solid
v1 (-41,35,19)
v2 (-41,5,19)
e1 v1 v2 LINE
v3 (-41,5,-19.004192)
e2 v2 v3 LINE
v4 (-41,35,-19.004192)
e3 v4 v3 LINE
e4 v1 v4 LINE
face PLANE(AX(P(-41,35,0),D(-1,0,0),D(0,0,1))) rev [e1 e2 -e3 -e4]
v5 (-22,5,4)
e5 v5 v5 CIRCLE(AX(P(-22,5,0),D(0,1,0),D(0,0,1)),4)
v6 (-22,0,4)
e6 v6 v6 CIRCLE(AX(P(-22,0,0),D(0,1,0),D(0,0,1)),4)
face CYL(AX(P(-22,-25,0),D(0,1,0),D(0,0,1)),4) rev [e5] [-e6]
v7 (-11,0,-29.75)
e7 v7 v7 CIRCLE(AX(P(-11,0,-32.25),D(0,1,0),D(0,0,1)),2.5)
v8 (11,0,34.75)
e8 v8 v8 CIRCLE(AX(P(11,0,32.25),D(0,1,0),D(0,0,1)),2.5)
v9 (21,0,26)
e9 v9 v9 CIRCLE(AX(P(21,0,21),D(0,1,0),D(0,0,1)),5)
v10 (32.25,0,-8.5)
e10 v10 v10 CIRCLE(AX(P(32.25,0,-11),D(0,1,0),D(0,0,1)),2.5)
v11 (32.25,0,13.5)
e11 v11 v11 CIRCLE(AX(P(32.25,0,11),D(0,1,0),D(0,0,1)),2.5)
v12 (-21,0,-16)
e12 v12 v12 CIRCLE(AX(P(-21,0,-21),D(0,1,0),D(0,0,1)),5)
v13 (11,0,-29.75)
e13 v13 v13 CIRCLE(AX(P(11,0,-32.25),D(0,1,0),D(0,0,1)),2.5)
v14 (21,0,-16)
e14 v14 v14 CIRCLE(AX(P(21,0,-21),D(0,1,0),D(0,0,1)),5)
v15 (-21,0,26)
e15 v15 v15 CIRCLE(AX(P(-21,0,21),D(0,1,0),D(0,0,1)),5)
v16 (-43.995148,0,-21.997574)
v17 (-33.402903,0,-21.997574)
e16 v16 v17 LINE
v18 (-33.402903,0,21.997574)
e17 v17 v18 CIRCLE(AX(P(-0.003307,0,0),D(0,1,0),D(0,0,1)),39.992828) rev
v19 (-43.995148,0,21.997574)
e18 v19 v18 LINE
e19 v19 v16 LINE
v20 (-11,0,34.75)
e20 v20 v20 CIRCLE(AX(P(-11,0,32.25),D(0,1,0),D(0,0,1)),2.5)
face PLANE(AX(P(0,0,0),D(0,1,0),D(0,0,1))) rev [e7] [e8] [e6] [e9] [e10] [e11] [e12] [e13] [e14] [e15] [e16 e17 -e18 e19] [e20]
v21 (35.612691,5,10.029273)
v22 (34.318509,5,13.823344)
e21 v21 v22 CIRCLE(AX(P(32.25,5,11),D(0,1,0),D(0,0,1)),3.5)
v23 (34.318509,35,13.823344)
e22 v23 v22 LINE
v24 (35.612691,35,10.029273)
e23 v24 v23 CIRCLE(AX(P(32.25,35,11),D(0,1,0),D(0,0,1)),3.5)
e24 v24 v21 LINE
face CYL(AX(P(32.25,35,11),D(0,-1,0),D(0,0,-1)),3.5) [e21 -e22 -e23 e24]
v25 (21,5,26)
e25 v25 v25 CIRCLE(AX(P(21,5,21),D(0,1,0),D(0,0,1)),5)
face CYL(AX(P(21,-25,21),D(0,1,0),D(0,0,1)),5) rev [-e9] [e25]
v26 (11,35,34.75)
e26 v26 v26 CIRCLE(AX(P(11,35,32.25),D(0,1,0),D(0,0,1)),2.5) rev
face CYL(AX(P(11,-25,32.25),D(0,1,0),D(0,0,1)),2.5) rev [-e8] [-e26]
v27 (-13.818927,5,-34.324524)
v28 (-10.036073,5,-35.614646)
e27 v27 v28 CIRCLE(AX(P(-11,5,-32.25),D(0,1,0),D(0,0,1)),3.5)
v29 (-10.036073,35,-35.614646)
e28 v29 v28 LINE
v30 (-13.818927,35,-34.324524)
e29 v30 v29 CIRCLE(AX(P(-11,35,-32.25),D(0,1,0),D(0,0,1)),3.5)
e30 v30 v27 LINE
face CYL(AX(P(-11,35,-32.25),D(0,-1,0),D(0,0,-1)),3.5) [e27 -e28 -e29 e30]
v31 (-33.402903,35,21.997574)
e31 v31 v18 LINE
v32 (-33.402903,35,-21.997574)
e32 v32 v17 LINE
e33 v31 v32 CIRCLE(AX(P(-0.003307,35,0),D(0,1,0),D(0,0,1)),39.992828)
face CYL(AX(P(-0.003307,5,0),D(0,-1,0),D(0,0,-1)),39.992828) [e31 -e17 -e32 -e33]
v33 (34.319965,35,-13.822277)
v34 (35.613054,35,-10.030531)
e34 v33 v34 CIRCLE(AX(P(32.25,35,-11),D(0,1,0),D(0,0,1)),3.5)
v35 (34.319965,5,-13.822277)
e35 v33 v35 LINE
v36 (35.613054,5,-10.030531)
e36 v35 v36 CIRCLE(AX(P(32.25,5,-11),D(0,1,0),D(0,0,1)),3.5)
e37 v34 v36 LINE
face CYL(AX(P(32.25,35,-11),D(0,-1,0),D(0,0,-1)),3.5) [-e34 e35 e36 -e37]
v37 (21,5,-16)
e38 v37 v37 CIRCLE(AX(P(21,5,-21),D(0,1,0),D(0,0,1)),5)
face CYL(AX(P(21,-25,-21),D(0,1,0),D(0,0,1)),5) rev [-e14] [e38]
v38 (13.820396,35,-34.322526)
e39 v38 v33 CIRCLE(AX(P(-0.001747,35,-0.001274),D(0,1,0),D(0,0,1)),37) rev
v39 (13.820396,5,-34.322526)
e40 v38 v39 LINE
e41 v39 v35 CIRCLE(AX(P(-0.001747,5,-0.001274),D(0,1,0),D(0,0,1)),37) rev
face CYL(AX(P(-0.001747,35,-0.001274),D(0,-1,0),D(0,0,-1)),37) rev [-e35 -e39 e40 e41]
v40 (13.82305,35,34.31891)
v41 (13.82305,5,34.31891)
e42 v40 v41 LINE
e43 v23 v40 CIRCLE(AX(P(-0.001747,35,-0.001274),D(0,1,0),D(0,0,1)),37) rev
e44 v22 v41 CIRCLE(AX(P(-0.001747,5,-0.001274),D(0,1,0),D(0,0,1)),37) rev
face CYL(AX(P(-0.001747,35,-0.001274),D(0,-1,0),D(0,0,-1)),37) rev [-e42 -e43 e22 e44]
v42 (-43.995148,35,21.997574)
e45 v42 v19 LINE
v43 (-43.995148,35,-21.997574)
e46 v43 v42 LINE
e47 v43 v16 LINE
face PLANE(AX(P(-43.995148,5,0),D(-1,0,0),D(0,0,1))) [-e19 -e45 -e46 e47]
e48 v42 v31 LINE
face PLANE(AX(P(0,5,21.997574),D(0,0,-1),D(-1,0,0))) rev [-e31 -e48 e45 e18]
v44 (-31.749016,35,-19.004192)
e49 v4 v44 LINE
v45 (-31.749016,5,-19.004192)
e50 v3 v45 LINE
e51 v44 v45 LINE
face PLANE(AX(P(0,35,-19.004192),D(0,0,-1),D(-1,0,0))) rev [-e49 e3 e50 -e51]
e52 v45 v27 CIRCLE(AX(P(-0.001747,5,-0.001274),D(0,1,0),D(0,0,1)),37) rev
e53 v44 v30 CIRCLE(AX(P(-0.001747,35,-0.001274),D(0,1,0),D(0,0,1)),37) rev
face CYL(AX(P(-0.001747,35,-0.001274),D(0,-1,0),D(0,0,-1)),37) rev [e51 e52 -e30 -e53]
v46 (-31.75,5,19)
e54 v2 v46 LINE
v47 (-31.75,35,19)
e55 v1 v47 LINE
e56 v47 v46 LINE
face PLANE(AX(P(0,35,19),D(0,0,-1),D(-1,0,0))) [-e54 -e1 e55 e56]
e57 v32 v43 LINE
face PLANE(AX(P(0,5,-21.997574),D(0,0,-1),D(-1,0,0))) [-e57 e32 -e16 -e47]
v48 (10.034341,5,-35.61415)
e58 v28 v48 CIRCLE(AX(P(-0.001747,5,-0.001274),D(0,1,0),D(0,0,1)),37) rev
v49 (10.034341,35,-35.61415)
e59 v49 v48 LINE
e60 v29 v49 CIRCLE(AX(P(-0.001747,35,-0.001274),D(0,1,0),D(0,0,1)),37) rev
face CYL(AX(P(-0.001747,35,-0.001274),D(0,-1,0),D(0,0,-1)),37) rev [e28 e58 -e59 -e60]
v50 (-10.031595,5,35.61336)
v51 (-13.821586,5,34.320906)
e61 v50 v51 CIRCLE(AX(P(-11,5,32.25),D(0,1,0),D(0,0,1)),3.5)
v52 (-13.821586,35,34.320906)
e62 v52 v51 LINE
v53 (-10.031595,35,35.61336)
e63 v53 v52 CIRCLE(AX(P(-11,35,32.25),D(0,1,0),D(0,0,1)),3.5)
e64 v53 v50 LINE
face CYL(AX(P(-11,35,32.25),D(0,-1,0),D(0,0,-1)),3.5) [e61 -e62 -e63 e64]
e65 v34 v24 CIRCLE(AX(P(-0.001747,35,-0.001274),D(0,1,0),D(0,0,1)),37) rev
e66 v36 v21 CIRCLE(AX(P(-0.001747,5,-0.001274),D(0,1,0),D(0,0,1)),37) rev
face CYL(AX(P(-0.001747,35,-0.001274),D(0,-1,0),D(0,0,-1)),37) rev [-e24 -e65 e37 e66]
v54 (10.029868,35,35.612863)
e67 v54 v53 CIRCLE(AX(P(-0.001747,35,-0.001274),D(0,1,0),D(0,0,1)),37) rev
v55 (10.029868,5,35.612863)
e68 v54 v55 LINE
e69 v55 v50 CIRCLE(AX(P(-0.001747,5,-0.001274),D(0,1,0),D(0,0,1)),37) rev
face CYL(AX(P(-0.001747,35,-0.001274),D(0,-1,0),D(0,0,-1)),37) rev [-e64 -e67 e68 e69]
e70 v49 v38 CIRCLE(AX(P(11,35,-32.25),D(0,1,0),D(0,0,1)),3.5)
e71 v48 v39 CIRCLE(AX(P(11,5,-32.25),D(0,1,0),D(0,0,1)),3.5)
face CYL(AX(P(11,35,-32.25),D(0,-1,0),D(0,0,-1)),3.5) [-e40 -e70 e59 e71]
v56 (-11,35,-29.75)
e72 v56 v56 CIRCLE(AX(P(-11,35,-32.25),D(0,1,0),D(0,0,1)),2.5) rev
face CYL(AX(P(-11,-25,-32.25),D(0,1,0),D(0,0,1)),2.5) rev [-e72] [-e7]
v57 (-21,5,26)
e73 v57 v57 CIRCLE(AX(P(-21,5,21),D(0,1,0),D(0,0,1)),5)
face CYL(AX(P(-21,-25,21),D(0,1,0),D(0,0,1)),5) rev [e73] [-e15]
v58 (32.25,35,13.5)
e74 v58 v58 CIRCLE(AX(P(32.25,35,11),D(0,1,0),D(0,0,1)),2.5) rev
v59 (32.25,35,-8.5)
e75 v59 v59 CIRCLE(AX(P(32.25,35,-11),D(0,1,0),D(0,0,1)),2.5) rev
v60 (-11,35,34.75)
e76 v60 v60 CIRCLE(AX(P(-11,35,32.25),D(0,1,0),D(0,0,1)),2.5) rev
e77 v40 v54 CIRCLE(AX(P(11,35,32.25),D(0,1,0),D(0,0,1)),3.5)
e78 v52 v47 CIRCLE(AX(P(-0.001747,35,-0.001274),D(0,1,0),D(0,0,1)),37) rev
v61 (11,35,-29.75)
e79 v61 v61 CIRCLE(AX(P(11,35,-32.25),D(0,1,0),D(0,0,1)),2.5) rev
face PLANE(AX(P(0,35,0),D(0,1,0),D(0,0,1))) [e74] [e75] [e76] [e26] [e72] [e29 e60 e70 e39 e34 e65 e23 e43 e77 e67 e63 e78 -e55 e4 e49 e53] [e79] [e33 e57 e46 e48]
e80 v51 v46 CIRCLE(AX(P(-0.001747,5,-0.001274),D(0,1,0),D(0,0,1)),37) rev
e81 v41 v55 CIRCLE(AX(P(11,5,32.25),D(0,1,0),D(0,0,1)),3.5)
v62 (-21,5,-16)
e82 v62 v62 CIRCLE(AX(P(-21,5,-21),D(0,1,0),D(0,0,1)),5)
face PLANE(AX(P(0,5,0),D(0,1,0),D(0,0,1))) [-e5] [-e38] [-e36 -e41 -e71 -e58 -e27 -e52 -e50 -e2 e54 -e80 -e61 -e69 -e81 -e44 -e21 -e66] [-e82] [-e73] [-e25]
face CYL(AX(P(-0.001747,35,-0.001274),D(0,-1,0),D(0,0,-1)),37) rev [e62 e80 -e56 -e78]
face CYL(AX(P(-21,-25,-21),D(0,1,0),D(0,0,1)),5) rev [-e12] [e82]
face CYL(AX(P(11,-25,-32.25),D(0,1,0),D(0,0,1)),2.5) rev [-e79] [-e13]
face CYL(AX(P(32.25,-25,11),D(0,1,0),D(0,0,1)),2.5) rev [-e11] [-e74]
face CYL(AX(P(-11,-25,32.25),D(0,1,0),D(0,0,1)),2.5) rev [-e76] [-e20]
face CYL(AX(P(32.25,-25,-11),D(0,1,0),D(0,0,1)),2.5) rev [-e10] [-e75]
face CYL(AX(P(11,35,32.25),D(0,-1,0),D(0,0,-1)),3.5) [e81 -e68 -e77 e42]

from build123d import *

# Parameters (mm, degrees)
BOSS_EXTRUDE5_DEPTH = 5
BOSS_EXTRUDE6_DEPTH = 30
SKETCH4_R           = 4
SKETCH4_R_2         = 5
CUT_EXTRUDE1_DEPTH  = 30
SKETCH5_R           = 2.5
CUT_EXTRUDE2_DEPTH  = 30
SKETCH6_R           = 2.5
BOSS_EXTRUDE8_DEPTH = 30


with BuildPart() as part:
    # Sketch1 → Boss-Extrude5 (new body)
    with BuildSketch(Plane(origin=(0, 0, 0), x_dir=(1, 0, 0), z_dir=(0, 1, 0))):
        with BuildLine():
            Line((-43.995148291, 21.997574146), (-43.995148291, 0))
            Line((-43.995148291, 0), (-43.995148291, -21.997574146))
            Line((-43.995148291, -21.997574146), (-33.402902563, -21.997574146))
            ThreePointArc((-33.402902563, -21.997574146), (39.989521092, 0), (-33.402902563, 21.997574146))
            Line((-33.402902563, 21.997574146), (-43.995148291, 21.997574146))
        make_face()
    extrude(amount=BOSS_EXTRUDE5_DEPTH)

    # Sketch3 → Boss-Extrude6 (add)
    with BuildSketch(Plane(origin=(0, 5, 0), x_dir=(1, 0, 0), z_dir=(0, 1, 0))):
        with BuildLine():
            Line((-43.995148291, -21.997574146), (-33.402902563, -21.997574146))
            ThreePointArc((-33.402902563, -21.997574146), (39.989521092, 0), (-33.402902563, 21.997574146))
            Line((-33.402902563, 21.997574146), (-43.995148291, 21.997574146))
            Line((-43.995148291, 21.997574146), (-43.995148291, -21.997574146))
        make_face()
        with BuildLine():
            Line((-41, 19.004191941), (-31.749015624, 19.004191941))
            ThreePointArc((-31.749015624, 19.004191941), (36.998253479, 0.000315282), (-31.75, -19))
            Line((-31.75, -19), (-41, -19))
            Line((-41, -19), (-41, 19.004191941))
        make_face(mode=Mode.SUBTRACT)
    extrude(amount=BOSS_EXTRUDE6_DEPTH)

    # Sketch4 → Cut-Extrude1 (cut)
    with BuildSketch(Plane(origin=(0, 5, 0), x_dir=(1, 0, 0), z_dir=(0, 1, 0))):
        with Locations(Location((-22, 0, 0), (0, 0, 270))):
            Circle(SKETCH4_R)
        with Locations(Location((-21, 21, 0), (0, 0, 270))):
            Circle(SKETCH4_R_2)
        with Locations(Location((21, 21, 0), (0, 0, 270))):
            Circle(SKETCH4_R_2)
        with Locations(Location((21, -21, 0), (0, 0, 270))):
            Circle(SKETCH4_R_2)
        with Locations(Location((-21, -21, 0), (0, 0, 270))):
            Circle(SKETCH4_R_2)
    extrude(amount=-CUT_EXTRUDE1_DEPTH, mode=Mode.SUBTRACT)

    # Sketch5 → Cut-Extrude2 (cut)
    with BuildSketch(Plane(origin=(0, 5, 0), x_dir=(1, 0, 0), z_dir=(0, 1, 0))):
        with Locations(Location((-11, 32.25, 0), (0, 0, 270))):
            Circle(SKETCH5_R)
        with Locations(Location((11, 32.25, 0), (0, 0, 270))):
            Circle(SKETCH5_R)
        with Locations(Location((32.25, -11, 0), (0, 0, 270))):
            Circle(SKETCH5_R)
        with Locations(Location((32.25, 11, 0), (0, 0, 270))):
            Circle(SKETCH5_R)
        with Locations(Location((11, -32.25, 0), (0, 0, 270))):
            Circle(SKETCH5_R)
        with Locations(Location((-11, -32.25, 0), (0, 0, 270))):
            Circle(SKETCH5_R)
    extrude(amount=-CUT_EXTRUDE2_DEPTH, mode=Mode.SUBTRACT)

    # Sketch6 → Boss-Extrude8 (add)
    # profile 1 of 6: a face of its own
    with BuildSketch(Plane(origin=(0, 5, 0), x_dir=(1, 0, 0), z_dir=(0, 1, 0))):
        with BuildLine():
            ThreePointArc((-13.818927057, 34.324524101), (-12.091731491, 28.92462448), (-7.5, 32.25))
            ThreePointArc((-7.5, 32.25), (-8.205027171, 34.356686233), (-10.036072506, 35.614646161))
            ThreePointArc((-10.036072506, 35.614646161), (-11.944932636, 35.020701186), (-13.818927057, 34.324524101))
        make_face()
        with Locations(Location((-11, 32.25, 0), (0, 0, 270))):
            Circle(SKETCH6_R, mode=Mode.SUBTRACT)
    # profile 2 of 6: a face of its own
    with BuildSketch(Plane(origin=(0, 5, 0), x_dir=(1, 0, 0), z_dir=(0, 1, 0))):
        with BuildLine():
            ThreePointArc((13.820396396, 34.322526036), (11.94483736, 35.019542221), (10.034341301, 35.614149711))
            ThreePointArc((10.034341301, 35.614149711), (8.894032936, 29.454485249), (14.5, 32.25))
            ThreePointArc((14.5, 32.25), (14.325762122, 33.340553212), (13.820396396, 34.322526036))
        make_face()
        with Locations(Location((11, 32.25, 0), (0, 0, 270))):
            Circle(SKETCH6_R, mode=Mode.SUBTRACT)
    # profile 3 of 6: a face of its own
    with BuildSketch(Plane(origin=(0, 5, 0), x_dir=(1, 0, 0), z_dir=(0, 1, 0))):
        with BuildLine():
            ThreePointArc((35.613053698, 10.030531162), (35.017865848, 11.943917844), (34.319964959, 13.822276575))
            ThreePointArc((34.319964959, 13.822276575), (28.937333966, 9.870290414), (35.613053698, 10.030531162))
        make_face()
        with Locations(Location((32.25, 11, 0), (0, 0, 270))):
            Circle(SKETCH6_R, mode=Mode.SUBTRACT)
    # profile 4 of 6: a face of its own
    with BuildSketch(Plane(origin=(0, 5, 0), x_dir=(1, 0, 0), z_dir=(0, 1, 0))):
        with BuildLine():
            ThreePointArc((34.318509264, -13.82334366), (35.017020802, -11.943848204), (35.612690699, -10.029272818))
            ThreePointArc((35.612690699, -10.029272818), (28.937413903, -9.870056041), (34.318509264, -13.82334366))
        make_face()
        with Locations(Location((32.25, -11, 0), (0, 0, 270))):
            Circle(SKETCH6_R, mode=Mode.SUBTRACT)
    # profile 5 of 6: a face of its own
    with BuildSketch(Plane(origin=(0, 5, 0), x_dir=(1, 0, 0), z_dir=(0, 1, 0))):
        with BuildLine():
            ThreePointArc((10.02986849, -35.612862598), (11.943992144, -35.017283262), (13.82305009, -34.318909904))
            ThreePointArc((13.82305009, -34.318909904), (14.326460229, -33.338421951), (14.5, -32.25))
            ThreePointArc((14.5, -32.25), (8.895892147, -29.453085603), (10.02986849, -35.612862598))
        make_face()
        with Locations(Location((11, -32.25, 0), (0, 0, 270))):
            Circle(SKETCH6_R, mode=Mode.SUBTRACT)
    # profile 6 of 6: a face of its own
    with BuildSketch(Plane(origin=(0, 5, 0), x_dir=(1, 0, 0), z_dir=(0, 1, 0))):
        with BuildLine():
            ThreePointArc((-13.821585883, -34.320906348), (-11.944087605, -35.018442073), (-10.031594901, -35.61336016))
            ThreePointArc((-10.031594901, -35.61336016), (-8.203625754, -34.354825664), (-7.5, -32.25))
            ThreePointArc((-7.5, -32.25), (-12.089598414, -28.923924941), (-13.821585883, -34.320906348))
        make_face()
        with Locations(Location((-11, -32.25, 0), (0, 0, 270))):
            Circle(SKETCH6_R, mode=Mode.SUBTRACT)
    extrude(amount=BOSS_EXTRUDE8_DEPTH)


solid = part.part
